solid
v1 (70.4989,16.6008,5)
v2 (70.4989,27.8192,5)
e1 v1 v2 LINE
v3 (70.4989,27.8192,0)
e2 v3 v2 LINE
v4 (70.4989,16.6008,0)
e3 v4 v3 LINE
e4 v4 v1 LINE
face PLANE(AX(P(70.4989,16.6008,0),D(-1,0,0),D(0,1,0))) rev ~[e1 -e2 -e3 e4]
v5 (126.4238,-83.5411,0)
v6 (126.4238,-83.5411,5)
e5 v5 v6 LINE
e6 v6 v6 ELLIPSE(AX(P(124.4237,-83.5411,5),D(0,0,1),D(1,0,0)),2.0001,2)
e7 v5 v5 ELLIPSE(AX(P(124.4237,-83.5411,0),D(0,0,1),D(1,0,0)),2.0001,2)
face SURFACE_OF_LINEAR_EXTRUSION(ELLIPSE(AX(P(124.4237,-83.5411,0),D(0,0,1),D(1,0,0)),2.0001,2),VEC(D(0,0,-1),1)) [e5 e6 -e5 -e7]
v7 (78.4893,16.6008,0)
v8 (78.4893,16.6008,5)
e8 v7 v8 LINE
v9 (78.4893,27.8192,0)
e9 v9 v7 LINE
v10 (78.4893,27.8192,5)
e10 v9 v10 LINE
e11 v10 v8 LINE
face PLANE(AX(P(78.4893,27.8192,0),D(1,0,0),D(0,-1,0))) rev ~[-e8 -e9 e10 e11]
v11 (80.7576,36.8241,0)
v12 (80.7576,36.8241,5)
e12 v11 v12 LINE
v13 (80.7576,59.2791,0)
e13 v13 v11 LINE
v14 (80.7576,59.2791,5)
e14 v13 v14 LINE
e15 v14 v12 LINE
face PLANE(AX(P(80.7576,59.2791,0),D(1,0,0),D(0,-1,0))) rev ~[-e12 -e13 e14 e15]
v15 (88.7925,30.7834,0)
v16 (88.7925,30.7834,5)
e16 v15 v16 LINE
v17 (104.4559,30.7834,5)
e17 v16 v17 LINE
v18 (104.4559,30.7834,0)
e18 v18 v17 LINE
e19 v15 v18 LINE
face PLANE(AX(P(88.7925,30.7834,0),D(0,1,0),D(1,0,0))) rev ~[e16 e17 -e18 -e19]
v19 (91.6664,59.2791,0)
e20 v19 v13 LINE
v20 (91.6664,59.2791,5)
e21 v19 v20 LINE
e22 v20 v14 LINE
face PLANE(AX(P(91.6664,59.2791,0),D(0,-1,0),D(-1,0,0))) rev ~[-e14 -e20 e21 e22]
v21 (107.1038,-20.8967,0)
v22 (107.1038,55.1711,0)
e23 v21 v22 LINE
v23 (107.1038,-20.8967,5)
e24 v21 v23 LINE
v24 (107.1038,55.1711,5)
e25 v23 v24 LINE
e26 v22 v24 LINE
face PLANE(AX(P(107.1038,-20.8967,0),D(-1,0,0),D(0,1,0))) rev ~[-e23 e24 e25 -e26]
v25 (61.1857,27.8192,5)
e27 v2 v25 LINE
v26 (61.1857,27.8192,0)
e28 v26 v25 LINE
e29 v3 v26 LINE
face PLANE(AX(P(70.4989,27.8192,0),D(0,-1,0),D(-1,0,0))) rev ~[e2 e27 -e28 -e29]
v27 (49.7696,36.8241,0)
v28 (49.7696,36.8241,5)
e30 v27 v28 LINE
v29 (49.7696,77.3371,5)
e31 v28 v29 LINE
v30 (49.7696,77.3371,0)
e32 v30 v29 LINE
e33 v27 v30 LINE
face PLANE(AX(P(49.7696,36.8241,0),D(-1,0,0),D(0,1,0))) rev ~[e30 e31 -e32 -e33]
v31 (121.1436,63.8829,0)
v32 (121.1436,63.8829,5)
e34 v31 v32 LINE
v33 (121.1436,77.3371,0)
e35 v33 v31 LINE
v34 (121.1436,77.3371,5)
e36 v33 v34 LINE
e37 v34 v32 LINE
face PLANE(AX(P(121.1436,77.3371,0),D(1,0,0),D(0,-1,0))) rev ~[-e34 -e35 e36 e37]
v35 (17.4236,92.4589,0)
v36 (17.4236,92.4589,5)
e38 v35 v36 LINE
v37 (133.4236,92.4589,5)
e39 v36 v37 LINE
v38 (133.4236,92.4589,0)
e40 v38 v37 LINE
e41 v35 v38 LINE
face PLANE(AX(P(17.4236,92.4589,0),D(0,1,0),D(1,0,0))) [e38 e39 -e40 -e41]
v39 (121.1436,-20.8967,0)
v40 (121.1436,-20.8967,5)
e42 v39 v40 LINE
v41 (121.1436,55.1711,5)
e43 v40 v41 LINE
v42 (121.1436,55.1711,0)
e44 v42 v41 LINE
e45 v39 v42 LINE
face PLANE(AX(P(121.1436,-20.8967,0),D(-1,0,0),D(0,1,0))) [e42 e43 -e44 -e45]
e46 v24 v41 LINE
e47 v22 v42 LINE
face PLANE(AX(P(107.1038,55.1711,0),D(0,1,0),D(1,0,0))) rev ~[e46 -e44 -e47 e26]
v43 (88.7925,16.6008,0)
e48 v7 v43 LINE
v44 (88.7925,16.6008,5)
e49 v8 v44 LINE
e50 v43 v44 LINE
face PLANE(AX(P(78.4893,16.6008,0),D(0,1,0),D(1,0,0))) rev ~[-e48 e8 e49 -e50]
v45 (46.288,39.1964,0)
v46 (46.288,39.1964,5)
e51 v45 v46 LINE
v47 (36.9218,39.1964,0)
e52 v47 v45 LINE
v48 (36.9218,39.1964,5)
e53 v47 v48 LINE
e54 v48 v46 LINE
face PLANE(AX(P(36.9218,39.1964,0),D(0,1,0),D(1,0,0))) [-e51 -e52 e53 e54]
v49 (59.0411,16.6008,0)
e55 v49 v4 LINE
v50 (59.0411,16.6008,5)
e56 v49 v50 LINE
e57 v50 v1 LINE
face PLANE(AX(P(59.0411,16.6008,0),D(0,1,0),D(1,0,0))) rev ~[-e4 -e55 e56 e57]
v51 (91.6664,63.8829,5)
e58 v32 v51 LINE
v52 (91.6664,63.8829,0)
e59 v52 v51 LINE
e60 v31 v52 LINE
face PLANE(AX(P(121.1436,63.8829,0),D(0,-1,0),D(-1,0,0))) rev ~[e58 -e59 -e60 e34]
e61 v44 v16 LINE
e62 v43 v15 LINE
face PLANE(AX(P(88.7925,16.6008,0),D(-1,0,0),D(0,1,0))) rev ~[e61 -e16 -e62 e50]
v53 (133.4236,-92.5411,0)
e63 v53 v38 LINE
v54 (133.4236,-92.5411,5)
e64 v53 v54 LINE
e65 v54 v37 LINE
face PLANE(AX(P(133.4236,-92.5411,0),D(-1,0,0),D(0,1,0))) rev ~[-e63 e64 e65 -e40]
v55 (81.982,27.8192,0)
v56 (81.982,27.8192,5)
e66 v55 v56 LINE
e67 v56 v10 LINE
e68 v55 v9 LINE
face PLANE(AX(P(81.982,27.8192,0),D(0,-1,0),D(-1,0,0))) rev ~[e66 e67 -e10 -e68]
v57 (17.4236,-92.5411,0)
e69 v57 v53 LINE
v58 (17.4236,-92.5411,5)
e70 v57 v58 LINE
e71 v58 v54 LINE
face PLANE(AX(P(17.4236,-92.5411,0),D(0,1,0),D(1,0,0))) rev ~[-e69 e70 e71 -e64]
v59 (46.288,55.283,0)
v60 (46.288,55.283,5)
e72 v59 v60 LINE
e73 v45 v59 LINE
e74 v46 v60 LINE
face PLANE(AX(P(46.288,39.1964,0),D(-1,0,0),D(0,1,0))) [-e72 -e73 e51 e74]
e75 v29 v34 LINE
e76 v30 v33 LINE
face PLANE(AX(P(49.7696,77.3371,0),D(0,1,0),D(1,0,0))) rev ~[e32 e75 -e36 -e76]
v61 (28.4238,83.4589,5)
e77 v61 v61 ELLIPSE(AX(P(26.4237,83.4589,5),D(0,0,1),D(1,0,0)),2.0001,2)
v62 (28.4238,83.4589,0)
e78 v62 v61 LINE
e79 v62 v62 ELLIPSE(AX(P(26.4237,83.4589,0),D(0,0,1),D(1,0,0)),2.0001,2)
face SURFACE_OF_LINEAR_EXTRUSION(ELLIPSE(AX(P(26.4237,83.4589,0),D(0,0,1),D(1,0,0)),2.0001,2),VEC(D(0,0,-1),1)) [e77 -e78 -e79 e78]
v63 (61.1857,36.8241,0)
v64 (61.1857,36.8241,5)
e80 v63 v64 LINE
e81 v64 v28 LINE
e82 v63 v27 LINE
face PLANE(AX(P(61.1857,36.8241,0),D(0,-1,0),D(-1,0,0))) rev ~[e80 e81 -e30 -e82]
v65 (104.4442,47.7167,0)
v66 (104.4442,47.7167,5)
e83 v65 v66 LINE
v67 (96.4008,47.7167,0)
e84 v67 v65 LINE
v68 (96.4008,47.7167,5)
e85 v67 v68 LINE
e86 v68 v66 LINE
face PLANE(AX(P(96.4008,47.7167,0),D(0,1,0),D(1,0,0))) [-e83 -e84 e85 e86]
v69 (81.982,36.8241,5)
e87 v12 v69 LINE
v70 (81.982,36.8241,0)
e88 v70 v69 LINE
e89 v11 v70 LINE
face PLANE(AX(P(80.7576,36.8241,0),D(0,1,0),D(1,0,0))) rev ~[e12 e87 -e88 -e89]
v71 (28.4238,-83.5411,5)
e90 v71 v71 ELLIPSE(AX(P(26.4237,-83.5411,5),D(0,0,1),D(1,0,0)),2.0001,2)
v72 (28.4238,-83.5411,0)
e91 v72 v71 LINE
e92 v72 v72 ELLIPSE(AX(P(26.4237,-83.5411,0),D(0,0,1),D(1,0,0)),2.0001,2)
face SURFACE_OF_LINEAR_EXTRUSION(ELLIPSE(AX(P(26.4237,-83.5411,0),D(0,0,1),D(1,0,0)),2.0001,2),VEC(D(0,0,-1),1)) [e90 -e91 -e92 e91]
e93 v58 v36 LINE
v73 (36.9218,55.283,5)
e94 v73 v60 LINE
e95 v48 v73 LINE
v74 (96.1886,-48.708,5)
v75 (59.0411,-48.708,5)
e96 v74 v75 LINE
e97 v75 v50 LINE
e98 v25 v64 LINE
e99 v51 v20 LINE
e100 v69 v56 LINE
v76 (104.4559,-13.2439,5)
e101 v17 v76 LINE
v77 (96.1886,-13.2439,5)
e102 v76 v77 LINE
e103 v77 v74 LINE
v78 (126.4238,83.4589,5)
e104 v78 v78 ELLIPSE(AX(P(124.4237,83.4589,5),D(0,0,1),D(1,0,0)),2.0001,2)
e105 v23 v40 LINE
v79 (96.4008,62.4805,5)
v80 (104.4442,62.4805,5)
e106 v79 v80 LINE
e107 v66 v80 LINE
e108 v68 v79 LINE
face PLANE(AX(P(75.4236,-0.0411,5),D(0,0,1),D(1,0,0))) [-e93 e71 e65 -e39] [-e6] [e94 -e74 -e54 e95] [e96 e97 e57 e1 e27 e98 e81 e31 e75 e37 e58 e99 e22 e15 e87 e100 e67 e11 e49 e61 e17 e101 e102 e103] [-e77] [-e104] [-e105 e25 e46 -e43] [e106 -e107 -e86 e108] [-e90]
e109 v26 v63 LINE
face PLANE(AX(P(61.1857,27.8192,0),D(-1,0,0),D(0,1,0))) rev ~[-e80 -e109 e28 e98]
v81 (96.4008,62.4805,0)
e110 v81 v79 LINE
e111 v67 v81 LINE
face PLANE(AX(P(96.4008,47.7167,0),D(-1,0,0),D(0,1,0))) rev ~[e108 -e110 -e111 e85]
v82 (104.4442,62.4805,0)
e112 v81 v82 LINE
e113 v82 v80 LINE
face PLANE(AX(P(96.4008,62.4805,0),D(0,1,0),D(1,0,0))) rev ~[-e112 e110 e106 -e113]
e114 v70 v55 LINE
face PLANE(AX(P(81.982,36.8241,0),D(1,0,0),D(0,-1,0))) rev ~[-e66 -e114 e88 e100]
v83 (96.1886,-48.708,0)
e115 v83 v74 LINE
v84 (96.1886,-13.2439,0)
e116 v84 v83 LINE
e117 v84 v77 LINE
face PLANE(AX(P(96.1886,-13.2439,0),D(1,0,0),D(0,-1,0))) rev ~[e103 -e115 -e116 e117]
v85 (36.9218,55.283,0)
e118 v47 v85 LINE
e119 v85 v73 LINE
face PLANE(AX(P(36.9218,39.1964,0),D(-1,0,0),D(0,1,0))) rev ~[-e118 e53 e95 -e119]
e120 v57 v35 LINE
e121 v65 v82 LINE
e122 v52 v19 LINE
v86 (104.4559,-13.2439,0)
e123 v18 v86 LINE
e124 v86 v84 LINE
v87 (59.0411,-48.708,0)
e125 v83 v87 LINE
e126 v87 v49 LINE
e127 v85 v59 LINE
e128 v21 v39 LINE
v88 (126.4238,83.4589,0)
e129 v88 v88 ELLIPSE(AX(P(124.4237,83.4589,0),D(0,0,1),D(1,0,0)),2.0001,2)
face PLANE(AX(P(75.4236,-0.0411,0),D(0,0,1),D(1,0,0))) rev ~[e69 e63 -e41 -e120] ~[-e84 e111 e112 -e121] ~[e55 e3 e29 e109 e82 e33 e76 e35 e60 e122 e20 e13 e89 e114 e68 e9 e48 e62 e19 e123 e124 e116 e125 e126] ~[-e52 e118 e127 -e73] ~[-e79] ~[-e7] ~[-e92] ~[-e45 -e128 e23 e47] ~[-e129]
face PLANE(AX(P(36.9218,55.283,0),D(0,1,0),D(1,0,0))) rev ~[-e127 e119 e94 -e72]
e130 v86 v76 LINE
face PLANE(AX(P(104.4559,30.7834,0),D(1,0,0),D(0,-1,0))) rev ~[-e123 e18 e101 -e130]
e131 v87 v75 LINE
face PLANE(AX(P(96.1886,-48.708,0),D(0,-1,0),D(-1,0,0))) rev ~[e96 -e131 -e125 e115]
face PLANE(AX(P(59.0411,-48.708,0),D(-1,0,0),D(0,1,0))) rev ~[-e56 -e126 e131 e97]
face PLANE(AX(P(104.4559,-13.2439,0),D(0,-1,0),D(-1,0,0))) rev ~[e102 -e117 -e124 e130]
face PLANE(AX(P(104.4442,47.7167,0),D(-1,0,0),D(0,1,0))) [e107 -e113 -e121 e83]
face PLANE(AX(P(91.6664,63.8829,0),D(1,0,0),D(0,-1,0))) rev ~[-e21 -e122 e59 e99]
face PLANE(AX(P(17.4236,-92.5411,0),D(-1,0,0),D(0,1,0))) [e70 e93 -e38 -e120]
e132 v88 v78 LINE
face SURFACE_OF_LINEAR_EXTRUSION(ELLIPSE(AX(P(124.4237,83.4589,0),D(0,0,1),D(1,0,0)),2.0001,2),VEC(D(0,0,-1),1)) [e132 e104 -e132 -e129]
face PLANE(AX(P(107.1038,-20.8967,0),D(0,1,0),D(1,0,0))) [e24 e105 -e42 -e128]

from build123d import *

# Parameters (mm, degrees)
SKETCH9_W           = 116
SKETCH9_H           = 185
SKETCH9_RX          = 2.0001
SKETCH9_RY          = 2
SKETCH9_W_2         = 14.0398
SKETCH9_H_2         = 76.0678
SKETCH9_W_3         = 8.0434
SKETCH9_H_3         = 14.7638
SKETCH9_W_4         = 9.3662
SKETCH9_H_4         = 16.0866
BOSS_EXTRUDE3_DEPTH = 5


with BuildPart() as part:
    # Sketch9 → Boss-Extrude3 (new body)
    with BuildSketch(Plane.XY):
        with Locations((75.4236, -0.0411)):
            Rectangle(SKETCH9_W, SKETCH9_H)
        with Locations((26.4237, 83.4589)):
            Ellipse(SKETCH9_RX, SKETCH9_RY, mode=Mode.SUBTRACT)
        with Locations((124.4237, 83.4589)):
            Ellipse(SKETCH9_RX, SKETCH9_RY, mode=Mode.SUBTRACT)
        with Locations((124.4237, -83.5411)):
            Ellipse(SKETCH9_RX, SKETCH9_RY, mode=Mode.SUBTRACT)
        with Locations((26.4237, -83.5411)):
            Ellipse(SKETCH9_RX, SKETCH9_RY, mode=Mode.SUBTRACT)
        with Locations((114.1237, 17.1372)):
            Rectangle(SKETCH9_W_2, SKETCH9_H_2, mode=Mode.SUBTRACT)
        with Locations((100.4225, 55.0986)):
            Rectangle(SKETCH9_W_3, SKETCH9_H_3, mode=Mode.SUBTRACT)
        Polygon((88.7925, 30.7834), (104.4559, 30.7834), (104.4559, 16.0196), (104.4559, -13.2439), (96.1886, -13.2439), (96.1886, -28.708), (96.1886, -48.708), (59.0411, -48.708), (59.0411, -28.708), (59.0411, 16.6008), (70.4989, 16.6008), (70.4989, 27.8192), (61.1857, 27.8192), (61.1857, 28.9577), (61.1857, 36.8241), (49.7696, 36.8241), (49.7696, 77.3371), (80.7576, 77.3371), (91.6664, 77.3371), (121.1436, 77.3371), (121.1436, 63.8829), (91.6664, 63.8829), (91.6664, 59.2791), (80.7576, 59.2791), (80.7576, 36.8241), (81.982, 36.8241), (81.982, 28.9577), (81.982, 27.8192), (78.4893, 27.8192), (78.4893, 16.6008), (88.7925, 16.6008), align=None, mode=Mode.SUBTRACT)
        with Locations((41.6049, 47.2397)):
            Rectangle(SKETCH9_W_4, SKETCH9_H_4, mode=Mode.SUBTRACT)
    extrude(amount=BOSS_EXTRUDE3_DEPTH)


solid = part.part
